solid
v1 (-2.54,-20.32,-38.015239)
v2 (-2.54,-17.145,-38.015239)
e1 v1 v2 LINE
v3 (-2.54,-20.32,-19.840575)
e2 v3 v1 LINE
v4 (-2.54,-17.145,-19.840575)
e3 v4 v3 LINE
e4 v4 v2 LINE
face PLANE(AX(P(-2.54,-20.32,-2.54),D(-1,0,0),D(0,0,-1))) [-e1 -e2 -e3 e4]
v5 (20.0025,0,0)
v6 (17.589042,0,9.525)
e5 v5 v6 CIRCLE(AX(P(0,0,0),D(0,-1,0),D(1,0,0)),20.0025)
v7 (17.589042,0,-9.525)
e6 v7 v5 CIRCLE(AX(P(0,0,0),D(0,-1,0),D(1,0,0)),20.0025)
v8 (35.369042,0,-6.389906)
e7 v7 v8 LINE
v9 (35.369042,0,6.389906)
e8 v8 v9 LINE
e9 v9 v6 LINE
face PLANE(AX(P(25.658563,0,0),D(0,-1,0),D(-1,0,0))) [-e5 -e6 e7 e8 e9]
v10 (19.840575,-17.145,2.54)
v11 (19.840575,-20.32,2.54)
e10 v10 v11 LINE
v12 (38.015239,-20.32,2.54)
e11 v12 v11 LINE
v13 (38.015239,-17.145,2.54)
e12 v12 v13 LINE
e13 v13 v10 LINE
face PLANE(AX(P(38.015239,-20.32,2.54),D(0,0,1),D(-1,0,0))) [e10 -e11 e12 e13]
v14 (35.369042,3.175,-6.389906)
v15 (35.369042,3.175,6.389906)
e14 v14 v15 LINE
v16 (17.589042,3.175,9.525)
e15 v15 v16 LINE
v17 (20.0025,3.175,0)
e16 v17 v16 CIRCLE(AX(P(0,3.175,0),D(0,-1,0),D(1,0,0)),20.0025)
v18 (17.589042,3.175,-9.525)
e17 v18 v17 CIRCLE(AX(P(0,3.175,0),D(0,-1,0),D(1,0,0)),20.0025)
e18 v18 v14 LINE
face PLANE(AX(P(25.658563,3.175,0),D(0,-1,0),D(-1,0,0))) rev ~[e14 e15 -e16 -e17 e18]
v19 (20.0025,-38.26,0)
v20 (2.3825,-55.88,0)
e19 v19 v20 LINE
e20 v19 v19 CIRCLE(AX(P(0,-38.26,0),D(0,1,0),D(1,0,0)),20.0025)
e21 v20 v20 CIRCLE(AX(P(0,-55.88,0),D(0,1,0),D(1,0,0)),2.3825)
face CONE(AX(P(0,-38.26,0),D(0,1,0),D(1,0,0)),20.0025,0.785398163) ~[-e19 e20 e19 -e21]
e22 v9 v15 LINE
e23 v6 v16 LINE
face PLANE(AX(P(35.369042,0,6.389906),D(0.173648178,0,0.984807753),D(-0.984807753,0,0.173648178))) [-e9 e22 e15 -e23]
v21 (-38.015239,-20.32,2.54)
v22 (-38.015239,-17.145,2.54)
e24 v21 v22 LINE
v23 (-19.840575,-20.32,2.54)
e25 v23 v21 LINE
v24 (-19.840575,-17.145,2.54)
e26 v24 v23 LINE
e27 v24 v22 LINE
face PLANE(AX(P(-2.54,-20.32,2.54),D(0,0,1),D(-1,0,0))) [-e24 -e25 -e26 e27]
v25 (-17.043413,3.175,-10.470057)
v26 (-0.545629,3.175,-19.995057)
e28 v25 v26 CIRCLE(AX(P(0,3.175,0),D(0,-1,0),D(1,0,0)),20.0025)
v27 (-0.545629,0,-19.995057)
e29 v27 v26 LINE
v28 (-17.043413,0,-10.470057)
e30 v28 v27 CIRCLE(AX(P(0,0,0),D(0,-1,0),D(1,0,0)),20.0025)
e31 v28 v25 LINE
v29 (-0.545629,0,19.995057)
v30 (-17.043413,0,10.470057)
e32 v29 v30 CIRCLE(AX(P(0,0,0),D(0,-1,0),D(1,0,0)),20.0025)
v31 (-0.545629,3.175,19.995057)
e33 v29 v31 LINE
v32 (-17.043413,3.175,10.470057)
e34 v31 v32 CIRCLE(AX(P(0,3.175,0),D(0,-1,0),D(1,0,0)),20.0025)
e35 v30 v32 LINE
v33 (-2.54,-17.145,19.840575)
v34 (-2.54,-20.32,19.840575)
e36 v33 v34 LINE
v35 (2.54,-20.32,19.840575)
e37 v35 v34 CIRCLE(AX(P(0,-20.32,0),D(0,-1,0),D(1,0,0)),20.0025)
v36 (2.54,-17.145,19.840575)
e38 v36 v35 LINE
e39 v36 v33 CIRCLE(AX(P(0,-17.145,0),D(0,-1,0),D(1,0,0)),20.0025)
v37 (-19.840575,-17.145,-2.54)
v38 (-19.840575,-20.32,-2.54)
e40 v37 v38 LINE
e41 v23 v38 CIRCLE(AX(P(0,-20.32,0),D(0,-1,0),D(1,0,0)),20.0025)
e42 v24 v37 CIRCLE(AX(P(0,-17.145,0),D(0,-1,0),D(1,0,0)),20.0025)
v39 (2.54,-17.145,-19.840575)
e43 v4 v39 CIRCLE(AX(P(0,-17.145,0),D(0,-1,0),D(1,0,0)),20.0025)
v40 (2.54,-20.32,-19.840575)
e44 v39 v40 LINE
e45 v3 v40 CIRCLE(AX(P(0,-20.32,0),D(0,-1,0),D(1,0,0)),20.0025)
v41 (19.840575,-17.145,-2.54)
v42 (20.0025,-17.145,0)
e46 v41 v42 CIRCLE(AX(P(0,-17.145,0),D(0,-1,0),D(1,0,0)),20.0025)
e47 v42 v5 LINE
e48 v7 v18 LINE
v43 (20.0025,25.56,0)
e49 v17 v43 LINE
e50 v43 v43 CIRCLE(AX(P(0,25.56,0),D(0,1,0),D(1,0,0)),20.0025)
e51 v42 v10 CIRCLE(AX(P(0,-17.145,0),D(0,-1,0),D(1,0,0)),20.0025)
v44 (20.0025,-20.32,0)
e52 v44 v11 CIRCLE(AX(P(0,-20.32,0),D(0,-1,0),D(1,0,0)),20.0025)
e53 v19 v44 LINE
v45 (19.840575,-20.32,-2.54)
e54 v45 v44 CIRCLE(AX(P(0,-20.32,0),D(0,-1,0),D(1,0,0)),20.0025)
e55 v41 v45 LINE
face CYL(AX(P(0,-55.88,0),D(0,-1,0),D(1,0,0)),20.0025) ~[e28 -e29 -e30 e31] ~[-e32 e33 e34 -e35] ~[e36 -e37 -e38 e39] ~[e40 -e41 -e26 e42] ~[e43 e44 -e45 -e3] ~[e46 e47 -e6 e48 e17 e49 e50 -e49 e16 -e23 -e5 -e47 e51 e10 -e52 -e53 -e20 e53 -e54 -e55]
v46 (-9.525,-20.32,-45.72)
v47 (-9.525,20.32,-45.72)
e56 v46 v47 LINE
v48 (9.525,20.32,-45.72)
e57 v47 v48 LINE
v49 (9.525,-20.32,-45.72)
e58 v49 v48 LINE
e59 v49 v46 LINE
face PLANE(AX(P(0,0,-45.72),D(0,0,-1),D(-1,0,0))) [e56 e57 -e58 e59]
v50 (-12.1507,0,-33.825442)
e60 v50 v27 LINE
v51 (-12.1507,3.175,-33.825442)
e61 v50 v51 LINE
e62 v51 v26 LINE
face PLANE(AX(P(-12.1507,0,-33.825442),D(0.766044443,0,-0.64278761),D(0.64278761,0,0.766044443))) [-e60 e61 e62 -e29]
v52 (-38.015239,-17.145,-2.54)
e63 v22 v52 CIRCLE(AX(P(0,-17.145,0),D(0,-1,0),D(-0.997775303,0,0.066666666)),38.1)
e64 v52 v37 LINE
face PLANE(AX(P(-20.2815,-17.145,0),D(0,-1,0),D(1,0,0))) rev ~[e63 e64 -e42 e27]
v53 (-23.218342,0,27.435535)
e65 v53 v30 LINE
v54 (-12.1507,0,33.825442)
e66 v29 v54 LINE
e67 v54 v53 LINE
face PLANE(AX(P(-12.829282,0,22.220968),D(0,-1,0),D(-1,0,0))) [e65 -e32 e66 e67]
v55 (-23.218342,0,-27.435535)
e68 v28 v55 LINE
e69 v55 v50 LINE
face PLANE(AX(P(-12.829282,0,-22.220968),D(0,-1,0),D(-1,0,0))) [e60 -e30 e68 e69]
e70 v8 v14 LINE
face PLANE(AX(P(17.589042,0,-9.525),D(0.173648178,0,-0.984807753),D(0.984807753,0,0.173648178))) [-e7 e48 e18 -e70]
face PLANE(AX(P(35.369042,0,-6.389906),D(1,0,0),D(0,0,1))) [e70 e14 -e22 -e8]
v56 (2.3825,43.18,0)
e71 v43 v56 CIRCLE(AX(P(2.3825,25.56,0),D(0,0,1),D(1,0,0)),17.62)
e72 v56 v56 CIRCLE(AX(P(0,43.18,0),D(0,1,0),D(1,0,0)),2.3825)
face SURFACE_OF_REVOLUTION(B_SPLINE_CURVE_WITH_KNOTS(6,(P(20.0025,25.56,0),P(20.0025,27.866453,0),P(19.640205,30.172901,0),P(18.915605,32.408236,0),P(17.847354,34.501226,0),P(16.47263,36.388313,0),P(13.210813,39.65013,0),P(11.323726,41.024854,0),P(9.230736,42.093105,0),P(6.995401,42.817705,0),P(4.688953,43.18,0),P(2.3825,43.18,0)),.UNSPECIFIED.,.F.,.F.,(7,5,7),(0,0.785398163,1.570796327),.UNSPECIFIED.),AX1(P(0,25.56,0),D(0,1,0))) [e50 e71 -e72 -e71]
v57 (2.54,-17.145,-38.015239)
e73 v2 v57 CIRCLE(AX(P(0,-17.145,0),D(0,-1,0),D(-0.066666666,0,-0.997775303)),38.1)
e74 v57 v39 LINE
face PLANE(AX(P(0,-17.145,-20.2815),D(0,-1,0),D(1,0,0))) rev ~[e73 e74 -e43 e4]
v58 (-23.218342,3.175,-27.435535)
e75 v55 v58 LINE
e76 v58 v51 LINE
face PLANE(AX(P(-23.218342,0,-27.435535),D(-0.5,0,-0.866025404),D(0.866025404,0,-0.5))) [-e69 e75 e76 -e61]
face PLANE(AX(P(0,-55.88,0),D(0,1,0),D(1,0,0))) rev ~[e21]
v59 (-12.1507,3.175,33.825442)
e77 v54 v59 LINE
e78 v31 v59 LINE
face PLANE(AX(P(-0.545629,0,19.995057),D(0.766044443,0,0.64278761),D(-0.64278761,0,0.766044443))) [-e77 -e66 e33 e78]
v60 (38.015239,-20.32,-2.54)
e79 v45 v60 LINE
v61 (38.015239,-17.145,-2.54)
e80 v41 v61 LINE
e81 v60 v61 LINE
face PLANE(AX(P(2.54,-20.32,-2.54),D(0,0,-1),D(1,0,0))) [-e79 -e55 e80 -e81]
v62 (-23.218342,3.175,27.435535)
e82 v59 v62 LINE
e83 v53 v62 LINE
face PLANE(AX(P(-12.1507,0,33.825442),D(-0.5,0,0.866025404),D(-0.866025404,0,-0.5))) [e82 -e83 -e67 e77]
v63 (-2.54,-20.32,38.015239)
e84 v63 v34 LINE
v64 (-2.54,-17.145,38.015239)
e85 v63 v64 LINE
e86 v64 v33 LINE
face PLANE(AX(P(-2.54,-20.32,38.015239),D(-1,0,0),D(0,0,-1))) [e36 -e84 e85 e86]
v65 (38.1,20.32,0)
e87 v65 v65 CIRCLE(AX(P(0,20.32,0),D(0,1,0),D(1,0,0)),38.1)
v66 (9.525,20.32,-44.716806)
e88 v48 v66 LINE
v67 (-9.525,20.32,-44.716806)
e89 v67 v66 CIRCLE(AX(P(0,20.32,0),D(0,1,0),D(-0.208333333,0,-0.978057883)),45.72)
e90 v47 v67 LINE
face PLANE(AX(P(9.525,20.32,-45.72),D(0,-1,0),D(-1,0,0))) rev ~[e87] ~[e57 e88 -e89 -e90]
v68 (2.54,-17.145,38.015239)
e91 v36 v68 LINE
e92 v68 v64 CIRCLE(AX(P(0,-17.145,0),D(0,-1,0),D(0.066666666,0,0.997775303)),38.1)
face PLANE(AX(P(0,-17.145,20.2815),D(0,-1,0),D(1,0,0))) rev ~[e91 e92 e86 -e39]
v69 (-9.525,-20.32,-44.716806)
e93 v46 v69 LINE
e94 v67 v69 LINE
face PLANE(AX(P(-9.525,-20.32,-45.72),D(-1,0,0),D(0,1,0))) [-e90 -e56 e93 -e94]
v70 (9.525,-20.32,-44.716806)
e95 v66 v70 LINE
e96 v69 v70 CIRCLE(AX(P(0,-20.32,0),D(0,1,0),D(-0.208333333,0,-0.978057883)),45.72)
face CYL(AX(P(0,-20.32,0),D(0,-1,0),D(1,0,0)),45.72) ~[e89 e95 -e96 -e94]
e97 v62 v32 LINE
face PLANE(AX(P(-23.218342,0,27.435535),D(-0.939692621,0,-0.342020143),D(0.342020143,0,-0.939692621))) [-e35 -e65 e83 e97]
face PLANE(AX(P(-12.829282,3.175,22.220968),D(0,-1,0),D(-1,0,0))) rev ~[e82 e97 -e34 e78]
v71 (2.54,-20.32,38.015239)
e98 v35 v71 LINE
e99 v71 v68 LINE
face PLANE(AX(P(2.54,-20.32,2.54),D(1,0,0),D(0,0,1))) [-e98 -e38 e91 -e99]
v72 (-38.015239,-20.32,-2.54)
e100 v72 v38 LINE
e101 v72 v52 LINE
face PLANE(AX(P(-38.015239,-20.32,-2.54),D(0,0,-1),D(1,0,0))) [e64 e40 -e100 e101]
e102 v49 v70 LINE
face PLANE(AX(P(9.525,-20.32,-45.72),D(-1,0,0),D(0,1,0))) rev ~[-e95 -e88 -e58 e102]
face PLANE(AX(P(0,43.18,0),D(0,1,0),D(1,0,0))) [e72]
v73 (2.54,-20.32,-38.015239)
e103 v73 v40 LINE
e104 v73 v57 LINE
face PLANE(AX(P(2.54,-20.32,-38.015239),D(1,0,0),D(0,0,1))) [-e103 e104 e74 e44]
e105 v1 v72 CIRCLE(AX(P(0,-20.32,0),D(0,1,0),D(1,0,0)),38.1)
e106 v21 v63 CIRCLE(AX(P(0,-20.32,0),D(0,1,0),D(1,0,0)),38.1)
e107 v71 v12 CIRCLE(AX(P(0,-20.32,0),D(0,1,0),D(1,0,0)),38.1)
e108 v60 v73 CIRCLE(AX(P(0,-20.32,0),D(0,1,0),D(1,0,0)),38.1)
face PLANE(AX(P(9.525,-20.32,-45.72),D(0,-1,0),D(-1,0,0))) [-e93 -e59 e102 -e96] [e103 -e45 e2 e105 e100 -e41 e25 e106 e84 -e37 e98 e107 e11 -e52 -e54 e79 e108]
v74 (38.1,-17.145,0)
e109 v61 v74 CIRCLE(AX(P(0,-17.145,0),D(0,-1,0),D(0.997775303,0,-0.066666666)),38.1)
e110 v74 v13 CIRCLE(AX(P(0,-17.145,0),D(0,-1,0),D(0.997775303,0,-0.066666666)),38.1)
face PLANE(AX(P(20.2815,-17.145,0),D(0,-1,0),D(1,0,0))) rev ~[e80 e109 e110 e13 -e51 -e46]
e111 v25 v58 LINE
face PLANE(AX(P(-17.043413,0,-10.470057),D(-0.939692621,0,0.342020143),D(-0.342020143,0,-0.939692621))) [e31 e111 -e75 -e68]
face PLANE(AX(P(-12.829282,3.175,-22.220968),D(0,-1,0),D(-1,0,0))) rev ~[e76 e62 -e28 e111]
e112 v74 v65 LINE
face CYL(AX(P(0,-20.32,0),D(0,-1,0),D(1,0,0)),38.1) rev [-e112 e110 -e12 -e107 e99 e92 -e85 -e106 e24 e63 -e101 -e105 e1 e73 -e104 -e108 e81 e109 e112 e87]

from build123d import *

# Parameters (mm, degrees)
BOSS_EXTRUDE1_DEPTH      = 20.32
BOSS_EXTRUDE1_DEPTH_BACK = 20.32
SKETCH1_R                = 45.72
SKETCH1_R_2              = 38.1
BOSS_EXTRUDE2_DEPTH      = 43.18
BOSS_EXTRUDE2_DEPTH_BACK = 55.88
SKETCH1_4_R              = 20.0025
CHAMFER1_SIZE            = 17.62
FILLET1_R                = 17.62
BOSS_EXTRUDE3_DEPTH      = 3.175
BOSS_EXTRUDE4_DEPTH      = 3.175
SKETCH4_W                = 19.05
SKETCH4_H                = 40.64
BOSS_EXTRUDE5_DEPTH      = 3.175


with BuildPart() as part:
    # Sketch1 → Boss-Extrude1 (new, two sides: drawn at the far end of the back side and taken through both)
    with BuildSketch(Plane(origin=(0, 0, 0), x_dir=(1, 0, 0), z_dir=(0, 1, 0)).offset(-BOSS_EXTRUDE1_DEPTH_BACK)):
        Circle(SKETCH1_R)
        Circle(SKETCH1_R_2, mode=Mode.SUBTRACT)
    extrude(amount=BOSS_EXTRUDE1_DEPTH + BOSS_EXTRUDE1_DEPTH_BACK)



with BuildPart() as body_2:
    # Sketch1<4> → Boss-Extrude2 (new, two sides: drawn at the far end of the back side and taken through both)
    with BuildSketch(Plane(origin=(0, 0, 0), x_dir=(1, 0, 0), z_dir=(0, 1, 0)).offset(-BOSS_EXTRUDE2_DEPTH_BACK)):
        Circle(SKETCH1_4_R)
    extrude(amount=BOSS_EXTRUDE2_DEPTH + BOSS_EXTRUDE2_DEPTH_BACK)

    # Chamfer1
    chamfer1_edges = [body_2.edges().sort_by_distance(p)[0] for p in [
        (-20.0025, -55.88, 0),
    ]]
    chamfer(chamfer1_edges, length=CHAMFER1_SIZE)

    # Fillet1
    fillet1_edges = [body_2.edges().sort_by_distance(p)[0] for p in [
        (-20.0025, 43.18, 0),
    ]]
    fillet(fillet1_edges, radius=FILLET1_R)

    # Sketch2 → Boss-Extrude3 (add)
    with BuildSketch(Plane(origin=(0, 0, 0), x_dir=(1, 0, 0), z_dir=(0, 1, 0))):
        Polygon((17.58904151, 9.525), (35.36904151, 6.389906283), (35.36904151, -6.389906283), (17.58904151, -9.525), (17.58904151, 0), align=None)
        Polygon((-23.218341924, -27.435535314), (-17.043412726, -10.470056776), (-8.794520755, -15.232556776), (-0.545628784, -19.995056776), (-12.150699586, -33.825441597), align=None)
        Polygon((-12.150699586, 33.825441597), (-0.545628784, 19.995056776), (-8.794520755, 15.232556776), (-17.043412726, 10.470056776), (-23.218341924, 27.435535314), align=None)
    extrude(amount=BOSS_EXTRUDE3_DEPTH)


with BuildPart() as part_1:
    add(part.part)

    add(body_2.part)  # Boss-Extrude4 merges body 2
    # Sketch3 → Boss-Extrude4 (add)
    with BuildSketch(Plane.XZ.offset(20.32)):
        with BuildLine():
            ThreePointArc((38.01523905, -2.54), (38.1, 0), (38.01523905, 2.54))
            Line((38.01523905, 2.54), (2.54, 2.54))
            Line((2.54, 2.54), (2.54, -2.54))
            Line((2.54, -2.54), (38.01523905, -2.54))
        make_face()
        with BuildLine():
            Line((2.54, -38.01523905), (2.54, -2.54))
            Line((2.54, -2.54), (-2.54, -2.54))
            Line((-2.54, -2.54), (-2.54, -38.01523905))
            ThreePointArc((-2.54, -38.01523905), (0, -38.1), (2.54, -38.01523905))
        make_face()
        with BuildLine():
            Line((-2.54, 2.54), (2.54, 2.54))
            Line((2.54, 2.54), (2.54, 38.01523905))
            ThreePointArc((2.54, 38.01523905), (0, 38.1), (-2.54, 38.01523905))
            Line((-2.54, 38.01523905), (-2.54, 2.54))
        make_face()
        with BuildLine():
            Line((-2.54, -2.54), (-2.54, 2.54))
            Line((-2.54, 2.54), (-38.01523905, 2.54))
            ThreePointArc((-38.01523905, 2.54), (-38.1, 0), (-38.01523905, -2.54))
            Line((-38.01523905, -2.54), (-2.54, -2.54))
        make_face()
    extrude(amount=-BOSS_EXTRUDE4_DEPTH)

    # Sketch4 → Boss-Extrude5 (add)
    with BuildSketch(Plane(origin=(0, 0, -45.72), x_dir=(-1, 0, 0), z_dir=(0, 0, -1))):
        Rectangle(SKETCH4_W, SKETCH4_H)
    extrude(amount=-BOSS_EXTRUDE5_DEPTH)


solid = part_1.part
